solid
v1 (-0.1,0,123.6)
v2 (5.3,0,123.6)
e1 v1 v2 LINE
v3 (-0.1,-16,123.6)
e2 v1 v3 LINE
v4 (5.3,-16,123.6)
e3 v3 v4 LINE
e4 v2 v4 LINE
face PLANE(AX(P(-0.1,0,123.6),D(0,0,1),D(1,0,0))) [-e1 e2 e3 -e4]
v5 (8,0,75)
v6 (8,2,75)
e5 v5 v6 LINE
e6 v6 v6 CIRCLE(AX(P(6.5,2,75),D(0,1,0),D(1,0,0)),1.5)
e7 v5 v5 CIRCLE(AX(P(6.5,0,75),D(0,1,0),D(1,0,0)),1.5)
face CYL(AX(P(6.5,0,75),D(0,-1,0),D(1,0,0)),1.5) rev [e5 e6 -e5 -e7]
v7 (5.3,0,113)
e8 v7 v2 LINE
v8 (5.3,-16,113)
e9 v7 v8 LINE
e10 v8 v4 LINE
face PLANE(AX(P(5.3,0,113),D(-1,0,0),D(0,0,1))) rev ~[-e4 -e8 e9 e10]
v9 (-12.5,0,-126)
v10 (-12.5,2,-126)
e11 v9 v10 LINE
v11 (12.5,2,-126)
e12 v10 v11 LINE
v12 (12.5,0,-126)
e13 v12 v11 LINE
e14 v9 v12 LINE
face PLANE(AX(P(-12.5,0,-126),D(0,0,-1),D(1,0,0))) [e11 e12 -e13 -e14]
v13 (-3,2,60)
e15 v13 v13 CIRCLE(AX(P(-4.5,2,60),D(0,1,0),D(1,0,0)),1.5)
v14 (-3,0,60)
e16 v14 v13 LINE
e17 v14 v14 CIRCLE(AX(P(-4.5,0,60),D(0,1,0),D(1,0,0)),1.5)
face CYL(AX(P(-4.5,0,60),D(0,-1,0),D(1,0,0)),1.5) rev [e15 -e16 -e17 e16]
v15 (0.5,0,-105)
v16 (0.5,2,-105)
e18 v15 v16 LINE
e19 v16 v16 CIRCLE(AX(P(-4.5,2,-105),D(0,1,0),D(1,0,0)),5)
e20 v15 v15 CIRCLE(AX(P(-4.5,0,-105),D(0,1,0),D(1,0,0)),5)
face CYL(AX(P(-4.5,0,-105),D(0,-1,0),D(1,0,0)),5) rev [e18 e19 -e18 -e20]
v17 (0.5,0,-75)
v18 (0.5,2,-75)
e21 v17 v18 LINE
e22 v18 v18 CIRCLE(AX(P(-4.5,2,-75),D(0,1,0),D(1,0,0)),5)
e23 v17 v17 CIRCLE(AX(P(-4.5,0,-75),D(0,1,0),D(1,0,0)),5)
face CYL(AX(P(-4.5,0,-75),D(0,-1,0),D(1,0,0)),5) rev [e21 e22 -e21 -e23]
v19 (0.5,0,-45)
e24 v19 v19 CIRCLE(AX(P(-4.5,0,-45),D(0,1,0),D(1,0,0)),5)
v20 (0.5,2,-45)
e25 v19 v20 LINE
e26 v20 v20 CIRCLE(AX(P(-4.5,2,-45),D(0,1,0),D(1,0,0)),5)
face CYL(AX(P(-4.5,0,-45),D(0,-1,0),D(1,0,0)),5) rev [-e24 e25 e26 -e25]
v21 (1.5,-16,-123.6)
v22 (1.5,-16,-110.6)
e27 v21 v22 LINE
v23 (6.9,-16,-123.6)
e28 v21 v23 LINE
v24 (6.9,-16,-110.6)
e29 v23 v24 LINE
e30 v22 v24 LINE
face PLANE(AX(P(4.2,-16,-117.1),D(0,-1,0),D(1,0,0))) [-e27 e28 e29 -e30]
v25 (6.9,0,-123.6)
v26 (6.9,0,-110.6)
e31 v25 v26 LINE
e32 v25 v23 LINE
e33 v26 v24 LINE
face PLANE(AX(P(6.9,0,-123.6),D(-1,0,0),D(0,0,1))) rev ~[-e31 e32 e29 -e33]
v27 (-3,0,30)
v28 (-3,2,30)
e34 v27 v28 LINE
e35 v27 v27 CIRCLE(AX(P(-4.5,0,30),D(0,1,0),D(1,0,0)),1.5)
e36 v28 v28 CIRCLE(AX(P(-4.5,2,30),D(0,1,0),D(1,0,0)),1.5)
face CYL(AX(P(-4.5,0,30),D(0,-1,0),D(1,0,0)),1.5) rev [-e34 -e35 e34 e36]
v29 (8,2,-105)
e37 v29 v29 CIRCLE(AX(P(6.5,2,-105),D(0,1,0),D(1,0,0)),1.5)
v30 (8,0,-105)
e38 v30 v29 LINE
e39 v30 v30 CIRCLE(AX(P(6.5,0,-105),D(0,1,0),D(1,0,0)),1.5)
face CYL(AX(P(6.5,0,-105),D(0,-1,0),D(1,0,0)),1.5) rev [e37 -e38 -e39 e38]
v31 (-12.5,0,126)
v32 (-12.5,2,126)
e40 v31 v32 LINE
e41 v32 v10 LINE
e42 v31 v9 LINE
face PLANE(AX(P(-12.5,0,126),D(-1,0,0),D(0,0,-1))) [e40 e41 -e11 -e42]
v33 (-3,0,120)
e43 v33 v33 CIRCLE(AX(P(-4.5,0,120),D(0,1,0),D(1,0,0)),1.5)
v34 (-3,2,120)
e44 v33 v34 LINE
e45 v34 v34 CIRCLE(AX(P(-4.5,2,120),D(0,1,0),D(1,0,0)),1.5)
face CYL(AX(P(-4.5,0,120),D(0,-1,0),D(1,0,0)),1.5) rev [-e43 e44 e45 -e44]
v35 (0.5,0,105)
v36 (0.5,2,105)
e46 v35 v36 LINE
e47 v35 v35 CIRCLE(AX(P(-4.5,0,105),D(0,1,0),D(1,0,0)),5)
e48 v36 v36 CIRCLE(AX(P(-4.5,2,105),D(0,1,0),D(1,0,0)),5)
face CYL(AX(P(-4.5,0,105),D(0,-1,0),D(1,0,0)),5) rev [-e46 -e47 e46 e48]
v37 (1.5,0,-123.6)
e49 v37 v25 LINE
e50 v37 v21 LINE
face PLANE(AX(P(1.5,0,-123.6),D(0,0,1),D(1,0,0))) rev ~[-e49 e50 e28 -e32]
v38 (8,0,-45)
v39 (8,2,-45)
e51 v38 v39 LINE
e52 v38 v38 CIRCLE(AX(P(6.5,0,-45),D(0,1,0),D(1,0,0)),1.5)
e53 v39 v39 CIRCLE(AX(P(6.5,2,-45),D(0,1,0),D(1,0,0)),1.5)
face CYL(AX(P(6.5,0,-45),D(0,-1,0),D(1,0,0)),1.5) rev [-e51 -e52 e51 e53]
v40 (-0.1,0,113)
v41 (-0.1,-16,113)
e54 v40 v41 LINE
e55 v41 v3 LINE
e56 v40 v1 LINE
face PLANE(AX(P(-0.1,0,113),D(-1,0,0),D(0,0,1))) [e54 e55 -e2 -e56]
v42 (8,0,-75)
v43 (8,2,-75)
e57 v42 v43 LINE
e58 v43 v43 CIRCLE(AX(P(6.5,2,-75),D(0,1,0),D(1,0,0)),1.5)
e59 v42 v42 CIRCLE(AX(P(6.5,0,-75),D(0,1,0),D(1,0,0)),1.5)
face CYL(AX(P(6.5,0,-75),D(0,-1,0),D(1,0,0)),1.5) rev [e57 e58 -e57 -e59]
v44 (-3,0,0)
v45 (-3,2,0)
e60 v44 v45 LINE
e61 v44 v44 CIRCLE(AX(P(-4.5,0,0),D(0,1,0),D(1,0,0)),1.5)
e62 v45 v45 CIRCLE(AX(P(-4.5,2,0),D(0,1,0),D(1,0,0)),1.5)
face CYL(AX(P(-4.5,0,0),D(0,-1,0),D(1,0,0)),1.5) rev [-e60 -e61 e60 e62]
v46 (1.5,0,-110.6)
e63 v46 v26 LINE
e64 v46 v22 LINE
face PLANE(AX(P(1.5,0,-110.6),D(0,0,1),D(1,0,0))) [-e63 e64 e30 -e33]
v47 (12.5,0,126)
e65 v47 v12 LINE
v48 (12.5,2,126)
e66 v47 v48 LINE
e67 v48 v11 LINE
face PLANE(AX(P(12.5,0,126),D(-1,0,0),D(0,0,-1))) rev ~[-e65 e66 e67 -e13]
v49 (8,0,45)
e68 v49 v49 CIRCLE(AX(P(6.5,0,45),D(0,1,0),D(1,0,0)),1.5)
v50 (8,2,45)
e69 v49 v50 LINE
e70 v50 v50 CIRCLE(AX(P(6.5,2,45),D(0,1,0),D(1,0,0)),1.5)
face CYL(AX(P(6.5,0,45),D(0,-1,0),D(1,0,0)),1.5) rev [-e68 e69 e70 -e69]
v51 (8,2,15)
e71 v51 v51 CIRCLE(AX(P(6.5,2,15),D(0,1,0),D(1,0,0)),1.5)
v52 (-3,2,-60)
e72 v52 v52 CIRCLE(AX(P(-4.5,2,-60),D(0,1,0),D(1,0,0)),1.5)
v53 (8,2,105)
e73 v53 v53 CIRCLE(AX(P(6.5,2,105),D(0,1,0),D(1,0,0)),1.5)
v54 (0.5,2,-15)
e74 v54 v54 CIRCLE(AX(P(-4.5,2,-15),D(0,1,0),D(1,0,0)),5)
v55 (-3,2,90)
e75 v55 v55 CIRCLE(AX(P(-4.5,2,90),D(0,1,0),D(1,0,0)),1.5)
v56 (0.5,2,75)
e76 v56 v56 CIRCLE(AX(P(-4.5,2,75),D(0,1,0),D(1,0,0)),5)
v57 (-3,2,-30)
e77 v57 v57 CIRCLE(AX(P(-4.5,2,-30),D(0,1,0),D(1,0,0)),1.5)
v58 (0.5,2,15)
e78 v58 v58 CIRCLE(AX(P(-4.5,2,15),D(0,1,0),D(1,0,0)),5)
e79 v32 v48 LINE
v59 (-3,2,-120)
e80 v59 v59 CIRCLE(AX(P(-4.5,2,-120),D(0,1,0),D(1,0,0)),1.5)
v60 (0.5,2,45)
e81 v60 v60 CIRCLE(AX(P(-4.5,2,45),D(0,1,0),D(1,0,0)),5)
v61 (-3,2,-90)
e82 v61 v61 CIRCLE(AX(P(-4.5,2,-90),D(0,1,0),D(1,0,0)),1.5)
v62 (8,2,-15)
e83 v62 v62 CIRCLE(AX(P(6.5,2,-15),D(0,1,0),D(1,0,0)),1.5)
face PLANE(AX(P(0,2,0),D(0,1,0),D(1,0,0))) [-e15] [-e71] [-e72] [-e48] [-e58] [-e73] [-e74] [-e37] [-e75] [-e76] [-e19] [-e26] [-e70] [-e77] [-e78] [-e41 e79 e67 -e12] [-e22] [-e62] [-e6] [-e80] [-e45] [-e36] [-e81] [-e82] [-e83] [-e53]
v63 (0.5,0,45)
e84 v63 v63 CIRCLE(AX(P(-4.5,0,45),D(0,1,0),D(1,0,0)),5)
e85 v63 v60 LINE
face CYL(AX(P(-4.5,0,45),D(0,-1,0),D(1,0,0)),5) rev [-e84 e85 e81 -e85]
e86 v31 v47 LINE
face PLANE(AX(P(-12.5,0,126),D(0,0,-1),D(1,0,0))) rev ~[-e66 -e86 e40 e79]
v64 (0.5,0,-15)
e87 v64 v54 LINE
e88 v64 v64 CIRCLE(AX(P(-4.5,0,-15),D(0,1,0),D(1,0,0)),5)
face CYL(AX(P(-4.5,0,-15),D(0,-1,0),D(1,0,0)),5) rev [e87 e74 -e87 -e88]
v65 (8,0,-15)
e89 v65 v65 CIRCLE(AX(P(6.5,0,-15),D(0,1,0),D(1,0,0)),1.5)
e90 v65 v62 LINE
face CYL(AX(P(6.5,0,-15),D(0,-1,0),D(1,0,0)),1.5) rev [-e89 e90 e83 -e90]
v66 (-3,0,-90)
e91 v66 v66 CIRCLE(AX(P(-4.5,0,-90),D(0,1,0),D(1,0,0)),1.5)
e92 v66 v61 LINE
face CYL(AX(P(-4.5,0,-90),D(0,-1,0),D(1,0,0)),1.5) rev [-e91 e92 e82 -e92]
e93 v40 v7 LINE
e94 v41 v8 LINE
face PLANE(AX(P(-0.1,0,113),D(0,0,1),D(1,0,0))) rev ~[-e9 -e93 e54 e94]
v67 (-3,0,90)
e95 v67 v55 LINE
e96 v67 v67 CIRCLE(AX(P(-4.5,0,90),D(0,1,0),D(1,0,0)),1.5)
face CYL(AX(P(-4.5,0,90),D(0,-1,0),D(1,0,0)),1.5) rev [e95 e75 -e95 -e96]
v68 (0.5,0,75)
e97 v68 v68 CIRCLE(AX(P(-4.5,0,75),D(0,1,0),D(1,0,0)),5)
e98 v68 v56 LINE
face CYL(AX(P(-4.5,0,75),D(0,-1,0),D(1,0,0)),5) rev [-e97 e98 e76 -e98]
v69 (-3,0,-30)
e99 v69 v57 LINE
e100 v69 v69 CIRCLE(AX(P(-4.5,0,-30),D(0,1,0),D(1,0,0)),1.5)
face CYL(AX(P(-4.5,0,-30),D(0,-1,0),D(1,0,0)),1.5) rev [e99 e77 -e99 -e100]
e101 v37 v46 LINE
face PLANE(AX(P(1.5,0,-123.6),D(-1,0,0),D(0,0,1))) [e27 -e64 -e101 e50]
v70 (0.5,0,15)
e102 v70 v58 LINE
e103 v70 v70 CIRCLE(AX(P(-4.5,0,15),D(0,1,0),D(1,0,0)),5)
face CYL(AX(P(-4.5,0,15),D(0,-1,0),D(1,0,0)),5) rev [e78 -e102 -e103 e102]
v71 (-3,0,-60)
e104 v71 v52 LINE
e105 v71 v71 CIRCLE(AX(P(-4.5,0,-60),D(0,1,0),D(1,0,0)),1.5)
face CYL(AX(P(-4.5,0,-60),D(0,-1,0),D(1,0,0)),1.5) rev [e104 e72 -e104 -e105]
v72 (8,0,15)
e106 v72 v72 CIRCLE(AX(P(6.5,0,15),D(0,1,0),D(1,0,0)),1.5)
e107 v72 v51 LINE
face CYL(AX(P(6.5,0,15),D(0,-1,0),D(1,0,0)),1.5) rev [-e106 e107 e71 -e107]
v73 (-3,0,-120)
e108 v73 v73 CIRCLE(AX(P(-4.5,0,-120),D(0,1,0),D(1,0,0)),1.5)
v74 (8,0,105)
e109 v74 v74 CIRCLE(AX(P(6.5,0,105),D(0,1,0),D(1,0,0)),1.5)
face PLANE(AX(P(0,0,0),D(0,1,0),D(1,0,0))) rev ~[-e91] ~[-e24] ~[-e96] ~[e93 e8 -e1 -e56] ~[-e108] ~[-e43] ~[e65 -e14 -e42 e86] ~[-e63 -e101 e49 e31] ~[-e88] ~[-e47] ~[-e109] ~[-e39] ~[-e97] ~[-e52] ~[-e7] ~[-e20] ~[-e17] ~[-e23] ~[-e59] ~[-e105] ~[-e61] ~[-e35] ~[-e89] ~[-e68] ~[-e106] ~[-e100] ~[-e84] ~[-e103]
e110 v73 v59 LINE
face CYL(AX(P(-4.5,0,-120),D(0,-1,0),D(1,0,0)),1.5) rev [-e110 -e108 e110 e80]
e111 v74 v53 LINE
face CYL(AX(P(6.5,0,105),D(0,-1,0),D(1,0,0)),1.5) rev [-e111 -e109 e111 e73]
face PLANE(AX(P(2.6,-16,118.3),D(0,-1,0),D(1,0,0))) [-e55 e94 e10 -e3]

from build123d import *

# Parameters (mm, degrees)
ESQUISSE1_W        = 25
ESQUISSE1_H        = 252
ESQUISSE1_R        = 5
ESQUISSE1_R_2      = 1.5
BOSS_EXTRU_1_DEPTH = 2
ESQUISSE2_W        = 5.4
ESQUISSE2_H        = 13
ESQUISSE2_H_2      = 10.6
BOSS_EXTRU_2_DEPTH = 16


with BuildPart() as part:
    # Esquisse1 → Boss.-Extru.1 (new body)
    with BuildSketch(Plane(origin=(0, 0, 0), x_dir=(1, 0, 0), z_dir=(0, 1, 0))):
        Rectangle(ESQUISSE1_W, ESQUISSE1_H)
        with Locations((-4.5, 105)):
            Circle(ESQUISSE1_R, mode=Mode.SUBTRACT)
        with Locations((6.5, 105)):
            Circle(ESQUISSE1_R_2, mode=Mode.SUBTRACT)
        with Locations((-4.5, 75)):
            Circle(ESQUISSE1_R, mode=Mode.SUBTRACT)
        with Locations((6.5, 75)):
            Circle(ESQUISSE1_R_2, mode=Mode.SUBTRACT)
        with Locations((-4.5, 45)):
            Circle(ESQUISSE1_R, mode=Mode.SUBTRACT)
        with Locations((6.5, 45)):
            Circle(ESQUISSE1_R_2, mode=Mode.SUBTRACT)
        with Locations((-4.5, 15)):
            Circle(ESQUISSE1_R, mode=Mode.SUBTRACT)
        with Locations((6.5, 15)):
            Circle(ESQUISSE1_R_2, mode=Mode.SUBTRACT)
        with Locations((-4.5, -15)):
            Circle(ESQUISSE1_R, mode=Mode.SUBTRACT)
        with Locations((6.5, -15)):
            Circle(ESQUISSE1_R_2, mode=Mode.SUBTRACT)
        with Locations((-4.5, -45)):
            Circle(ESQUISSE1_R, mode=Mode.SUBTRACT)
        with Locations((6.5, -45)):
            Circle(ESQUISSE1_R_2, mode=Mode.SUBTRACT)
        with Locations((-4.5, -75)):
            Circle(ESQUISSE1_R, mode=Mode.SUBTRACT)
        with Locations((6.5, -75)):
            Circle(ESQUISSE1_R_2, mode=Mode.SUBTRACT)
        with Locations((-4.5, -105)):
            Circle(ESQUISSE1_R, mode=Mode.SUBTRACT)
        with Locations((6.5, -105)):
            Circle(ESQUISSE1_R_2, mode=Mode.SUBTRACT)
        with Locations((-4.5, 120)):
            Circle(ESQUISSE1_R_2, mode=Mode.SUBTRACT)
        with Locations((-4.5, 90)):
            Circle(ESQUISSE1_R_2, mode=Mode.SUBTRACT)
        with Locations((-4.5, 60)):
            Circle(ESQUISSE1_R_2, mode=Mode.SUBTRACT)
        with Locations((-4.5, 30)):
            Circle(ESQUISSE1_R_2, mode=Mode.SUBTRACT)
        with Locations((-4.5, 0)):
            Circle(ESQUISSE1_R_2, mode=Mode.SUBTRACT)
        with Locations((-4.5, -30)):
            Circle(ESQUISSE1_R_2, mode=Mode.SUBTRACT)
        with Locations((-4.5, -60)):
            Circle(ESQUISSE1_R_2, mode=Mode.SUBTRACT)
        with Locations((-4.5, -90)):
            Circle(ESQUISSE1_R_2, mode=Mode.SUBTRACT)
        with Locations((-4.5, -120)):
            Circle(ESQUISSE1_R_2, mode=Mode.SUBTRACT)
    extrude(amount=BOSS_EXTRU_1_DEPTH)

    # Esquisse2 → Boss.-Extru.2 (add)
    with BuildSketch(Plane.XZ):
        with Locations((4.2, -117.1)):
            Rectangle(ESQUISSE2_W, ESQUISSE2_H)
        with Locations((2.6, 118.3)):
            Rectangle(ESQUISSE2_W, ESQUISSE2_H_2)
    extrude(amount=BOSS_EXTRU_2_DEPTH)


solid = part.part
